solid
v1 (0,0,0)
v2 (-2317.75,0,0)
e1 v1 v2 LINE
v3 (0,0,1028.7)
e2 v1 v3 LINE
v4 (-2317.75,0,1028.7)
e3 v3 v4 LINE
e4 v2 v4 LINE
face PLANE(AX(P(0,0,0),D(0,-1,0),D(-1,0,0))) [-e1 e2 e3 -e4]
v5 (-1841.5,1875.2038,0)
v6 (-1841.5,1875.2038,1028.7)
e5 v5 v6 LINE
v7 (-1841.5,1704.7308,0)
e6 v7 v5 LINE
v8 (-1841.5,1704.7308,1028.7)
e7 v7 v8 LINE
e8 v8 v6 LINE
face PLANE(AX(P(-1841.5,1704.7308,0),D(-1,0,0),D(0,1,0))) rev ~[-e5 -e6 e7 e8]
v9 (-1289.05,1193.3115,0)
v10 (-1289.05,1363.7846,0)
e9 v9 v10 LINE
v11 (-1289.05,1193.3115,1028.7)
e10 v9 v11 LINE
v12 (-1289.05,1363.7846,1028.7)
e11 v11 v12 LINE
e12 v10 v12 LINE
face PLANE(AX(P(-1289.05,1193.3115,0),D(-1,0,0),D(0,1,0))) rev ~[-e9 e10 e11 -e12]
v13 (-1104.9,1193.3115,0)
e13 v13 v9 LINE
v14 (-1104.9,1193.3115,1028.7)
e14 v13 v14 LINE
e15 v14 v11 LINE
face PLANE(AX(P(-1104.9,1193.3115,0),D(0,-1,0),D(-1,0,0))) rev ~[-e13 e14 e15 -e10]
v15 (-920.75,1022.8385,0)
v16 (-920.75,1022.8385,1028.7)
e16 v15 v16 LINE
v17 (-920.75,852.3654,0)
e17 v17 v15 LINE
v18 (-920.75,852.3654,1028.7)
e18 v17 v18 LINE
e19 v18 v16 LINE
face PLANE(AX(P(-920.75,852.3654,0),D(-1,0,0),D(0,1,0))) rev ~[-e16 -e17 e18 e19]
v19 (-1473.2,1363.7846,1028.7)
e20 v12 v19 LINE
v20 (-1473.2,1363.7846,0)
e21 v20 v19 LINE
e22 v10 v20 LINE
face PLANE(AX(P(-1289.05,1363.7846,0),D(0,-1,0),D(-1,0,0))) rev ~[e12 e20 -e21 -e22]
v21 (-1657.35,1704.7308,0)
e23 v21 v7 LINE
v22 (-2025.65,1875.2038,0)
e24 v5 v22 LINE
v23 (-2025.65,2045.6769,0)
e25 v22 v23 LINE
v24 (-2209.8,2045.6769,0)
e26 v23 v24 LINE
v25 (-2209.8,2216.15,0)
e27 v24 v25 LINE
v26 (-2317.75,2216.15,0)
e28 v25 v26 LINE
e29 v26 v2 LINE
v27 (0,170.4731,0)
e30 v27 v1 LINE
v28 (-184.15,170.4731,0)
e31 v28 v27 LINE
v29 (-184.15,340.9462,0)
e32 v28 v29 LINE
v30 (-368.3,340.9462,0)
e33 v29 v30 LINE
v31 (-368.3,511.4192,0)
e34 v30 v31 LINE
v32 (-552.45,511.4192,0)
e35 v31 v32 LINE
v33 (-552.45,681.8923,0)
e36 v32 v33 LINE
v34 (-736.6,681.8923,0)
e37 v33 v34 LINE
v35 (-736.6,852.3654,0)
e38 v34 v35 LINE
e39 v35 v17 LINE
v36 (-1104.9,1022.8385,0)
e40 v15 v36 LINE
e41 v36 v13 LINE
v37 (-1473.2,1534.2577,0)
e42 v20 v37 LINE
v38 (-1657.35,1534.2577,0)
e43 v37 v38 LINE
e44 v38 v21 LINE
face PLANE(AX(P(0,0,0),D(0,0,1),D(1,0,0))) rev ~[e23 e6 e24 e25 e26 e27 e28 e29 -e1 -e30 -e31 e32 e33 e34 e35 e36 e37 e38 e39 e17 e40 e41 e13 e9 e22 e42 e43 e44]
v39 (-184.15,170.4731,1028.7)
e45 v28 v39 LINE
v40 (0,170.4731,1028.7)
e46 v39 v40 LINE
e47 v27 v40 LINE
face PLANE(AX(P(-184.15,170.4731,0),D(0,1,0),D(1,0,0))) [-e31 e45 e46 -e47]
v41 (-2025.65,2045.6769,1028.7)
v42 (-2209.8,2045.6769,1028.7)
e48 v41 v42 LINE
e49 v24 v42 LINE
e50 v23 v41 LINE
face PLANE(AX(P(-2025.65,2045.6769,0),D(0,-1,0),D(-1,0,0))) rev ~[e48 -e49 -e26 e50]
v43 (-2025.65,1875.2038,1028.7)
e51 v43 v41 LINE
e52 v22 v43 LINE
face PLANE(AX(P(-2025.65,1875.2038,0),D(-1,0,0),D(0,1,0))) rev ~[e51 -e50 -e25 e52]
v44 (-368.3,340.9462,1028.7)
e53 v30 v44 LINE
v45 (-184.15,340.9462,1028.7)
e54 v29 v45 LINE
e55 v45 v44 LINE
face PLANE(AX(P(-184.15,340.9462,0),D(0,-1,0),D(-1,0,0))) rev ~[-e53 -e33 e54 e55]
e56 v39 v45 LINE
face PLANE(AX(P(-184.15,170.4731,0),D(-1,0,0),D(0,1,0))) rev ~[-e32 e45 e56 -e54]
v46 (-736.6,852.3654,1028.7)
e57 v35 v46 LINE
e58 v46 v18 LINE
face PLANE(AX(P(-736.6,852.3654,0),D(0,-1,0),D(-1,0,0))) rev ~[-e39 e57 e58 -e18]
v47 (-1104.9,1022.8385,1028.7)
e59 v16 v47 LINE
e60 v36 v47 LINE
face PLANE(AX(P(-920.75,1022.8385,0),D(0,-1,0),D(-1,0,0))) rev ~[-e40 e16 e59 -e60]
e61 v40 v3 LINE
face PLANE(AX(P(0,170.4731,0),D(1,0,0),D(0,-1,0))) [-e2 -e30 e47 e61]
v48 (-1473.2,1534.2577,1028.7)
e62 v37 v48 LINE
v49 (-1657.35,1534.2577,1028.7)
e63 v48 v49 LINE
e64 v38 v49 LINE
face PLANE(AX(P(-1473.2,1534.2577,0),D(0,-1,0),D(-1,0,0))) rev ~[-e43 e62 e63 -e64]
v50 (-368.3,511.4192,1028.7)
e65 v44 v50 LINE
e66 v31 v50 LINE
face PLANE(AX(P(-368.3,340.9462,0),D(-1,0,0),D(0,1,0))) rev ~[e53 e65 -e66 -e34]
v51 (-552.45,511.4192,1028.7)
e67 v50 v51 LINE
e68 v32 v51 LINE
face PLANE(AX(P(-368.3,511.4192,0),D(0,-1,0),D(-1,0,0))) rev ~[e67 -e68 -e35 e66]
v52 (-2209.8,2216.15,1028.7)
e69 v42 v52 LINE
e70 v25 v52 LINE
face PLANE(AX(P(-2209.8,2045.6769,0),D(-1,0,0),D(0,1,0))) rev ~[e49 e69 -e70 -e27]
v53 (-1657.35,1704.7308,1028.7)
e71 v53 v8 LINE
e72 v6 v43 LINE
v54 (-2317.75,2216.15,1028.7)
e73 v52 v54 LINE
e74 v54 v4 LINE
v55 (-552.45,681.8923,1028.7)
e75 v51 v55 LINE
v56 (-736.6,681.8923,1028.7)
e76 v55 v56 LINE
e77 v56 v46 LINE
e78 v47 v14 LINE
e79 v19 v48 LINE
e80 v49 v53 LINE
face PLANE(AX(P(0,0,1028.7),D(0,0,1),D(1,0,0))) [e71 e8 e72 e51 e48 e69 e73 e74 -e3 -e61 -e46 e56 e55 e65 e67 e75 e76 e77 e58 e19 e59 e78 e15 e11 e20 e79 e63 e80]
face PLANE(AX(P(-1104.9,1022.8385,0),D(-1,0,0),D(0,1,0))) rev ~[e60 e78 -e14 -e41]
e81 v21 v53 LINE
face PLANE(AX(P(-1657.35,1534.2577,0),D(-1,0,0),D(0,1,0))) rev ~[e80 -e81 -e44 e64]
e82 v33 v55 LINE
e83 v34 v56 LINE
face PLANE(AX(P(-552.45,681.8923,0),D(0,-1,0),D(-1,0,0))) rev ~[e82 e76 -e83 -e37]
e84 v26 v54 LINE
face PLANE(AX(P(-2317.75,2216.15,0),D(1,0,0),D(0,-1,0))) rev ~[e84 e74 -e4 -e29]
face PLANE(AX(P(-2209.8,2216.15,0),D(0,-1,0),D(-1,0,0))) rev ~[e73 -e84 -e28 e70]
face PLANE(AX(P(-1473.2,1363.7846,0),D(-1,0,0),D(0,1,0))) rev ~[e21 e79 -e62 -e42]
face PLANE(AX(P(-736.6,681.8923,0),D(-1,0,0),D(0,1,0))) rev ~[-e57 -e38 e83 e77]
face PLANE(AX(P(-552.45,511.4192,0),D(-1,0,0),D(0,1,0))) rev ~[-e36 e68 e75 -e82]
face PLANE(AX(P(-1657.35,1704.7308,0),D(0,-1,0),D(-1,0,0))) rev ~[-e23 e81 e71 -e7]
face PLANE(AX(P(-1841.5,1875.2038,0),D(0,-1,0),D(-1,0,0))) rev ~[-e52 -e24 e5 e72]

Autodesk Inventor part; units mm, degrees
ref_plane "YZ Plane" through (0, 0, 0) normal (1, 0, 0) x (0, 1, 0)
ref_plane "XZ Plane" through (0, 0, 0) normal (0, 1, 0) x (-1, 0, 0)
ref_plane "XY Plane" through (0, 0, 0) normal (0, 0, 1) x (1, 0, 0)
sketch "Sketch1" plane through (0, 0, 0) normal (0, 0, 1) x (1, 0, 0)
  line L0 (-184.15, 170.4731) -> (-184.15, 340.9462)
  line L1 (-184.15, 340.9462) -> (-368.3, 340.9462)
  line L2 (-368.3, 340.9462) -> (-368.3, 511.4192)
  line L3 (-368.3, 511.4192) -> (-552.45, 511.4192)
  line L4 (-552.45, 511.4192) -> (-552.45, 681.8923)
  line L5 (-552.45, 681.8923) -> (-736.6, 681.8923)
  line L6 (-736.6, 681.8923) -> (-736.6, 852.3654)
  line L7 (-736.6, 852.3654) -> (-920.75, 852.3654)
  line L8 (-920.75, 852.3654) -> (-920.75, 1022.8385)
  line L9 (-920.75, 1022.8385) -> (-1104.9, 1022.8385)
  line L10 (-1104.9, 1022.8385) -> (-1104.9, 1193.3115)
  line L11 (-1104.9, 1193.3115) -> (-1289.05, 1193.3115)
  line L12 (-1289.05, 1193.3115) -> (-1289.05, 1363.7846)
  line L13 (-1289.05, 1363.7846) -> (-1473.2, 1363.7846)
  line L14 (-1473.2, 1363.7846) -> (-1473.2, 1534.2577)
  line L15 (-1473.2, 1534.2577) -> (-1657.35, 1534.2577)
  line L16 (-1657.35, 1534.2577) -> (-1657.35, 1704.7308)
  line L17 (-1657.35, 1704.7308) -> (-1841.5, 1704.7308)
  line L18 (-1841.5, 1704.7308) -> (-1841.5, 1875.2038)
  line L19 (-1841.5, 1875.2038) -> (-2025.65, 1875.2038)
  line L20 (-2025.65, 1875.2038) -> (-2025.65, 2045.6769)
  line L21 (-2025.65, 2045.6769) -> (-2209.8, 2045.6769)
  line L22 (-2209.8, 2045.6769) -> (-2209.8, 2216.15)
  line L23 (-2209.8, 2216.15) -> (-2317.75, 2216.15)
  line L24 (-2317.75, 2216.15) -> (-2317.75, 0)
  line L25 (-184.15, 170.4731) -> (0, 170.4731)
  line L26 (0, 170.4731) -> (0, 0)
  line L27 (0, 0) -> (-2317.75, 0)
  point P0 (-2590.1533, 586.4349)
  dimension "d3" = 107.95
  dimension "d9" = 2216.15
  dimension "d10" = 2317.75
extrude "Extrusion1" add sketch "Sketch1" along normal blind 1028.7
properties part number "Stairs_Between_Basement_And_First_Floor" material "Wood (Oak)"
